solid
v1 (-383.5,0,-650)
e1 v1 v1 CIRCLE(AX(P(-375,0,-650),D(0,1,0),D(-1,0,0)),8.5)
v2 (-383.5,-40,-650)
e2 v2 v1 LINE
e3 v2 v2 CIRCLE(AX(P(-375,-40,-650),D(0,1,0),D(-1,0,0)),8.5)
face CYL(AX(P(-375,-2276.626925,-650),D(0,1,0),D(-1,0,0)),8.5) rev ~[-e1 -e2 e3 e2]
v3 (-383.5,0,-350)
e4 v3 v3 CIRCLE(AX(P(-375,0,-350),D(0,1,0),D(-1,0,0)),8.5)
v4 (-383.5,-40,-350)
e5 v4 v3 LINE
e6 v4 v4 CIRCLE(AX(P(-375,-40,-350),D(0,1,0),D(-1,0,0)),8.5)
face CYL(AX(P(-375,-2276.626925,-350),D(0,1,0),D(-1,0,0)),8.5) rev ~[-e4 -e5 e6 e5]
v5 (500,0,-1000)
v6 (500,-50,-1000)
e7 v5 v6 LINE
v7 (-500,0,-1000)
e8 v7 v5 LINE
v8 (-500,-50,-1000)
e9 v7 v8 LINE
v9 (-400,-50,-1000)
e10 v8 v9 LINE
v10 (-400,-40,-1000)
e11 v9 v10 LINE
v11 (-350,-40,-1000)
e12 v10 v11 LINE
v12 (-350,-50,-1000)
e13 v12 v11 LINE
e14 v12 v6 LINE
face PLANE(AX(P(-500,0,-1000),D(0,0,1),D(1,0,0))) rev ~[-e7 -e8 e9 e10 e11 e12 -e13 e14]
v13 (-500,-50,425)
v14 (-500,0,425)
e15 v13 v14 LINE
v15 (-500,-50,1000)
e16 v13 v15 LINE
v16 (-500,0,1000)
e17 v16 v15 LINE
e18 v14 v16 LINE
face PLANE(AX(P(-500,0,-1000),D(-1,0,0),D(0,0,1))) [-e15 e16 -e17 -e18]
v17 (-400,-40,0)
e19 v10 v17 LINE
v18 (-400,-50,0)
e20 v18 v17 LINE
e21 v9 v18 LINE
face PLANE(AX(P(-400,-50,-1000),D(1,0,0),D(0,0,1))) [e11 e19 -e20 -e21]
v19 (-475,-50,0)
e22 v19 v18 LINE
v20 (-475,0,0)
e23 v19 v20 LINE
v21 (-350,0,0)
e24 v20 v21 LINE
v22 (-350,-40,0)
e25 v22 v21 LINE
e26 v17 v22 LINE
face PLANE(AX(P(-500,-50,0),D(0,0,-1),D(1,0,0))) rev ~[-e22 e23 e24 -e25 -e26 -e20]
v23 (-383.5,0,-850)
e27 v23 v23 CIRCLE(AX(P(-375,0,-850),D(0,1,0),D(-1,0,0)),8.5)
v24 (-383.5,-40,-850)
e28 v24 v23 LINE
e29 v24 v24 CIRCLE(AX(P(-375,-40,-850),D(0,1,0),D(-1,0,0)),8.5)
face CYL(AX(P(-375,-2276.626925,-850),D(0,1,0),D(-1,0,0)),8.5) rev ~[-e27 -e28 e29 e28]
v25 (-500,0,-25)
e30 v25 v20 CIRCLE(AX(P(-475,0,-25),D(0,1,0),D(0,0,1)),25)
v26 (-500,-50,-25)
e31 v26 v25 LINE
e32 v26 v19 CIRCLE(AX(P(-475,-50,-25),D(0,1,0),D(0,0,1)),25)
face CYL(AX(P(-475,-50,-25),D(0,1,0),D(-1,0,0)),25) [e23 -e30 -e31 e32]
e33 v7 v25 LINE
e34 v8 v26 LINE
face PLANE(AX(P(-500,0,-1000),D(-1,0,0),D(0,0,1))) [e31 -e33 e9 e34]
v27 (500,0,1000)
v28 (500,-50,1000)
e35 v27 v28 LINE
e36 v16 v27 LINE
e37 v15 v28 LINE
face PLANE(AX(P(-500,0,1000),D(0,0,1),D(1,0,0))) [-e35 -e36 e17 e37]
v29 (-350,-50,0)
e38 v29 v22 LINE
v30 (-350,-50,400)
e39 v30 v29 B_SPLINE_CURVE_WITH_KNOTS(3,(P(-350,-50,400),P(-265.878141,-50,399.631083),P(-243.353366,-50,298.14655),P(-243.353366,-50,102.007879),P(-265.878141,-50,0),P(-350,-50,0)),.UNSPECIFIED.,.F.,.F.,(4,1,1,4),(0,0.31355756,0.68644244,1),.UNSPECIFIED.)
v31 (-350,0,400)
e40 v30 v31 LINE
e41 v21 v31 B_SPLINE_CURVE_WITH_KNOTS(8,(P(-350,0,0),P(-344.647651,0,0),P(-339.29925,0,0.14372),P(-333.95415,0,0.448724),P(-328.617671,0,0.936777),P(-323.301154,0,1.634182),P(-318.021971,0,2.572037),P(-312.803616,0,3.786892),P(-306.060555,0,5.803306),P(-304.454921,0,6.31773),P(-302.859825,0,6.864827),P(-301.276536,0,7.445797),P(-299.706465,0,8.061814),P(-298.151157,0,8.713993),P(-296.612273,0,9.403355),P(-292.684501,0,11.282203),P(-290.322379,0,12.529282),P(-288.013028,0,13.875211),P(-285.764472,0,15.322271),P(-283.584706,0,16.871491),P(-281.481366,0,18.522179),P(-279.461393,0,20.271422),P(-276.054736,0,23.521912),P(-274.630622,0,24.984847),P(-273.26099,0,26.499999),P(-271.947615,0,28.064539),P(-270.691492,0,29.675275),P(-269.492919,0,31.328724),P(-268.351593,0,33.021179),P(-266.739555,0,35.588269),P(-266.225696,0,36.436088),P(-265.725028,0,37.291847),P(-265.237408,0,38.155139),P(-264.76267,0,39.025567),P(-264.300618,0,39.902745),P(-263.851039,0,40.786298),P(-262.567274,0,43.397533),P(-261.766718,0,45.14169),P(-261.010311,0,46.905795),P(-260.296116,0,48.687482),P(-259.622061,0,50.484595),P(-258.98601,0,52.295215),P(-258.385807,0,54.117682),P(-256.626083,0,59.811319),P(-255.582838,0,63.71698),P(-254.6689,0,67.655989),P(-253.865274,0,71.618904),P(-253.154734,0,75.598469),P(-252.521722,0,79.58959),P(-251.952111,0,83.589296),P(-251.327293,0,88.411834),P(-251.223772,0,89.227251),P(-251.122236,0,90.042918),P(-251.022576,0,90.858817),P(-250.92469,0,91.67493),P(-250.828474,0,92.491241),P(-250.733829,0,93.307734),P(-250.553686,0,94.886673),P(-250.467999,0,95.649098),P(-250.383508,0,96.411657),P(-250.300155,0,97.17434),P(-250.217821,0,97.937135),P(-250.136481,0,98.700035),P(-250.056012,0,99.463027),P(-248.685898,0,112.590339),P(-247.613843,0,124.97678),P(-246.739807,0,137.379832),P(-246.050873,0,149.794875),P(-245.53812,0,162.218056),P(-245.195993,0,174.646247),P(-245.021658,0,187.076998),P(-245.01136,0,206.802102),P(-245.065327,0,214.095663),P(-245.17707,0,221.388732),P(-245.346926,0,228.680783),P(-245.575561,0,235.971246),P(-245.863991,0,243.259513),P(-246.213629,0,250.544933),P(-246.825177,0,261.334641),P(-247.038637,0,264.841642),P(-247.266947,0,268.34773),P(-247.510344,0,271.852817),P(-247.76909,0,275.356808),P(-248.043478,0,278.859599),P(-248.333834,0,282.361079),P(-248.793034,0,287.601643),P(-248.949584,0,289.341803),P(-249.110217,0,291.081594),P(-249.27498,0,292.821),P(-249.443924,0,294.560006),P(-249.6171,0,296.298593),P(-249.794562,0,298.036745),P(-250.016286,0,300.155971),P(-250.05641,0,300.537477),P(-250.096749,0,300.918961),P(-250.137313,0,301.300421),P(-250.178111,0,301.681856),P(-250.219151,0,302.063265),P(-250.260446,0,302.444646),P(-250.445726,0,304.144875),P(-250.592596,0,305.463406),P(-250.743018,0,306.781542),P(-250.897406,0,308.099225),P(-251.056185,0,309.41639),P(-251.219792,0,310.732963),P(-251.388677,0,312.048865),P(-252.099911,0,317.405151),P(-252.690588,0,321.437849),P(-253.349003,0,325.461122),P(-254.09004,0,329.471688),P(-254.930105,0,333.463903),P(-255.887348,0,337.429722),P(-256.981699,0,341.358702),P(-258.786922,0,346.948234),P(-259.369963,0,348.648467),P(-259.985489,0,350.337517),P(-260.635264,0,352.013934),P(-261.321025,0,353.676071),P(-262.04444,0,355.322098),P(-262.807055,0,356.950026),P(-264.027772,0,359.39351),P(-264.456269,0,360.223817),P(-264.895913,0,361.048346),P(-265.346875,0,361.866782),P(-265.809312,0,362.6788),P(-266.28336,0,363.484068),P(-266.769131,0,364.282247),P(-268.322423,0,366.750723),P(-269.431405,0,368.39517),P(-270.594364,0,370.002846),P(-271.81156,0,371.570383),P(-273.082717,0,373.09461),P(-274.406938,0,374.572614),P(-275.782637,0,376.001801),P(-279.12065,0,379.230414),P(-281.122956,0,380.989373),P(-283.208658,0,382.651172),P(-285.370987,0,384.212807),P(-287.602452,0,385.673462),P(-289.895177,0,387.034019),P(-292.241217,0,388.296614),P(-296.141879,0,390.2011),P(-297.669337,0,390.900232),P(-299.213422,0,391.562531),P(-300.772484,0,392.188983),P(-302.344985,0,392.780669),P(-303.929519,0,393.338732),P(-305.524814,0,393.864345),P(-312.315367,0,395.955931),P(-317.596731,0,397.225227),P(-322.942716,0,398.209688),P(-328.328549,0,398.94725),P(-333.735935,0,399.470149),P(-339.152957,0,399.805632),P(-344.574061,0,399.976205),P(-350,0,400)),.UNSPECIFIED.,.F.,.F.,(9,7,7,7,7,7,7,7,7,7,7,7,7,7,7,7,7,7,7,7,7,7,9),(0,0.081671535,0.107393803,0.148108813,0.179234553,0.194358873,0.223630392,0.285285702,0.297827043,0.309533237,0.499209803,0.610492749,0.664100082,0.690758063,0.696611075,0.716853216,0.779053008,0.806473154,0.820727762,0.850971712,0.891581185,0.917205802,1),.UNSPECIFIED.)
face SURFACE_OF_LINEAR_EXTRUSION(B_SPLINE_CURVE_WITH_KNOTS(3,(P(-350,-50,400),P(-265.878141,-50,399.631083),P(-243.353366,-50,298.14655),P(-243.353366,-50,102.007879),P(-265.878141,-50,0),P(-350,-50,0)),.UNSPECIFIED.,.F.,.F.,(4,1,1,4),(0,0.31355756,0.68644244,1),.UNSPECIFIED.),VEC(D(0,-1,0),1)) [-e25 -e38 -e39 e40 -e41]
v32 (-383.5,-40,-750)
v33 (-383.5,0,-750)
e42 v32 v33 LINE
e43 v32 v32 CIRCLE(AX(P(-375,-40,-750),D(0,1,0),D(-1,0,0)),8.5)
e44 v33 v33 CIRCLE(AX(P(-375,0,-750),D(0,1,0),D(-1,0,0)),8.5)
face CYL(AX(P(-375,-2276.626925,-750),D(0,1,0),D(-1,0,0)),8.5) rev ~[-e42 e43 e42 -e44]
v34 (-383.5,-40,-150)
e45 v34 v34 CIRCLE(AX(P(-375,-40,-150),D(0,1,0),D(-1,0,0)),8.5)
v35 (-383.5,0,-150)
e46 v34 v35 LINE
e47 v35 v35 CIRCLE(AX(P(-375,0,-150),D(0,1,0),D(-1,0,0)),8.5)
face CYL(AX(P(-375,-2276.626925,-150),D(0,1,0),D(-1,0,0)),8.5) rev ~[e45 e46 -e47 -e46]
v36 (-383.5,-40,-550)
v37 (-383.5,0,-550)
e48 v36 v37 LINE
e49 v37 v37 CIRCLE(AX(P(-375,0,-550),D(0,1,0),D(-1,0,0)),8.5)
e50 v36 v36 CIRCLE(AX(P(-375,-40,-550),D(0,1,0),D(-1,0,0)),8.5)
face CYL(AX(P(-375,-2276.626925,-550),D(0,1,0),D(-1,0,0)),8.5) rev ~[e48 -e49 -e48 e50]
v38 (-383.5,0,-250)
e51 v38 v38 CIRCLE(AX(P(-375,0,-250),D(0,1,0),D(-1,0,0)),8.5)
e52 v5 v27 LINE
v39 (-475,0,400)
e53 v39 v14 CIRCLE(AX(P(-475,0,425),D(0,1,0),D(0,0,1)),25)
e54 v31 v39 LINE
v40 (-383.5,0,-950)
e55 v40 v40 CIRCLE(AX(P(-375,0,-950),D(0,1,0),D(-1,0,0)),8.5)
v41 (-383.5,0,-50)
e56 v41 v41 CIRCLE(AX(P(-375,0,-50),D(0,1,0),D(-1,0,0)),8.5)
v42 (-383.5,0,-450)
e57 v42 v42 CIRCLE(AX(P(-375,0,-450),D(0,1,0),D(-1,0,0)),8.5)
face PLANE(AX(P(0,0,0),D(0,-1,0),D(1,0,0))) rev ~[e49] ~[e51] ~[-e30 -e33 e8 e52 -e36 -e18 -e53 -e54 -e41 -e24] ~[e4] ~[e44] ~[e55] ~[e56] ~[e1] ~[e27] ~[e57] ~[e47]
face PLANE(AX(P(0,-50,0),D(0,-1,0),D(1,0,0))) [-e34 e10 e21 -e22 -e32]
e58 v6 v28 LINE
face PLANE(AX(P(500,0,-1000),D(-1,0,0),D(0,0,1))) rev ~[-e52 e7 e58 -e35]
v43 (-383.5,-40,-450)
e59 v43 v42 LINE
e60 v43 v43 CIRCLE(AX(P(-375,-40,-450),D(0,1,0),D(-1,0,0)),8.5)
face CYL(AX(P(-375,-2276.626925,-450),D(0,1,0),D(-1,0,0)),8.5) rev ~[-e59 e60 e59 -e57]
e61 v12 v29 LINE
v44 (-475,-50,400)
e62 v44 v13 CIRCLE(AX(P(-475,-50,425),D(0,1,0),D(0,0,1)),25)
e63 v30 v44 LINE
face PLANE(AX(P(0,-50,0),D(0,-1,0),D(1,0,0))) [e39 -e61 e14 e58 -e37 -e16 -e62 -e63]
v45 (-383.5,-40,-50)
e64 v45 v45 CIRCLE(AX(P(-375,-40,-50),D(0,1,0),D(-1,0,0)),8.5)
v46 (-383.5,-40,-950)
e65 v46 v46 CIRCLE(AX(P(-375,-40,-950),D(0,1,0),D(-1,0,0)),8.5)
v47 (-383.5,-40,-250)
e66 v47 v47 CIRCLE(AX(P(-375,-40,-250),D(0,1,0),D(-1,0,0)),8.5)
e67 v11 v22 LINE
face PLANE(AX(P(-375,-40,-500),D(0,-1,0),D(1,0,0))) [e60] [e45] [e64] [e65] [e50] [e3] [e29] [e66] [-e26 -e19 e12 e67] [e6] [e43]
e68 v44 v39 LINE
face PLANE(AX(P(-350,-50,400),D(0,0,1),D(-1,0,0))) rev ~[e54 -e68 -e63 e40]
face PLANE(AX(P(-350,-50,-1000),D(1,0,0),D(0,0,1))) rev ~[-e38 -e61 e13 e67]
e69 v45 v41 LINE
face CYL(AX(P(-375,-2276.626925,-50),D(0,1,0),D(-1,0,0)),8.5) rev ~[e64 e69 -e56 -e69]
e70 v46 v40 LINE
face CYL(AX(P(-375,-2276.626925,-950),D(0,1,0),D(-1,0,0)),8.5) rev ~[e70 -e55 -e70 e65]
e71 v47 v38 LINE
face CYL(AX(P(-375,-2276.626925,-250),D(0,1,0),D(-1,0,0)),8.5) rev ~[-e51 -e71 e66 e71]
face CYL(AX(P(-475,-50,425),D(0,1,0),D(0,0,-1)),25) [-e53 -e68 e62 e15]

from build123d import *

# Parameters (mm, degrees)
F0_W     = 1000
F0_H     = 2000
F1_DEPTH = 50
F2_W     = 50
F2_H     = 1000
F3_DEPTH = 10
F5_DEPTH = 50.001
F6_R     = 25
F8_D     = 17


with BuildPart() as f1:
    # F0 (on Front) → F1 (new body)
    with BuildSketch(Plane.XZ):
        Rectangle(F0_W, F0_H)
    extrude(amount=F1_DEPTH)

    # F2 (on face) → F3 (cut)
    with BuildSketch(Plane.XZ.offset(50)):
        with Locations((-375, -500)):
            Rectangle(F2_W, F2_H)
    extrude(amount=-F3_DEPTH, mode=Mode.SUBTRACT)

    # F4 (on face) → F5 (cut, through all)
    with BuildSketch(Plane.XZ.offset(50)):
        with BuildLine():
            Line((-500, 400), (-500, 0))
            Line((-500, 0), (-400, 0))
            Line((-400, 0), (-350, 0))
            add(Edge.make_bspline(
                [(-350, 400), (-265.8781409264, 399.6310830116), (-243.3533661906, 298.146550271), (-243.3533661906, 102.0078794031), (-265.8781409264, 0), (-350, 0)],
                knots=[0, 0, 0, 0, 0.3135575596, 0.6864424404, 1, 1, 1, 1], degree=3))
            Line((-350, 400), (-500, 400))
        make_face()
    extrude(amount=-F5_DEPTH, mode=Mode.SUBTRACT)

    # F6
    f6_edges = [f1.edges().sort_by_distance(p)[0] for p in [
        (-500, -25, 400),
        (-500, -25, 0),
    ]]
    fillet(f6_edges, radius=F6_R)

    # F8 (through all)
    with Locations(Plane.XZ.offset(40)):
        with Locations((-375, -50), (-375, -150), (-375, -250), (-375, -350), (-375, -450), (-375, -550), (-375, -650), (-375, -750), (-375, -850), (-375, -950)):
            Hole(F8_D / 2)


solid = f1.part
